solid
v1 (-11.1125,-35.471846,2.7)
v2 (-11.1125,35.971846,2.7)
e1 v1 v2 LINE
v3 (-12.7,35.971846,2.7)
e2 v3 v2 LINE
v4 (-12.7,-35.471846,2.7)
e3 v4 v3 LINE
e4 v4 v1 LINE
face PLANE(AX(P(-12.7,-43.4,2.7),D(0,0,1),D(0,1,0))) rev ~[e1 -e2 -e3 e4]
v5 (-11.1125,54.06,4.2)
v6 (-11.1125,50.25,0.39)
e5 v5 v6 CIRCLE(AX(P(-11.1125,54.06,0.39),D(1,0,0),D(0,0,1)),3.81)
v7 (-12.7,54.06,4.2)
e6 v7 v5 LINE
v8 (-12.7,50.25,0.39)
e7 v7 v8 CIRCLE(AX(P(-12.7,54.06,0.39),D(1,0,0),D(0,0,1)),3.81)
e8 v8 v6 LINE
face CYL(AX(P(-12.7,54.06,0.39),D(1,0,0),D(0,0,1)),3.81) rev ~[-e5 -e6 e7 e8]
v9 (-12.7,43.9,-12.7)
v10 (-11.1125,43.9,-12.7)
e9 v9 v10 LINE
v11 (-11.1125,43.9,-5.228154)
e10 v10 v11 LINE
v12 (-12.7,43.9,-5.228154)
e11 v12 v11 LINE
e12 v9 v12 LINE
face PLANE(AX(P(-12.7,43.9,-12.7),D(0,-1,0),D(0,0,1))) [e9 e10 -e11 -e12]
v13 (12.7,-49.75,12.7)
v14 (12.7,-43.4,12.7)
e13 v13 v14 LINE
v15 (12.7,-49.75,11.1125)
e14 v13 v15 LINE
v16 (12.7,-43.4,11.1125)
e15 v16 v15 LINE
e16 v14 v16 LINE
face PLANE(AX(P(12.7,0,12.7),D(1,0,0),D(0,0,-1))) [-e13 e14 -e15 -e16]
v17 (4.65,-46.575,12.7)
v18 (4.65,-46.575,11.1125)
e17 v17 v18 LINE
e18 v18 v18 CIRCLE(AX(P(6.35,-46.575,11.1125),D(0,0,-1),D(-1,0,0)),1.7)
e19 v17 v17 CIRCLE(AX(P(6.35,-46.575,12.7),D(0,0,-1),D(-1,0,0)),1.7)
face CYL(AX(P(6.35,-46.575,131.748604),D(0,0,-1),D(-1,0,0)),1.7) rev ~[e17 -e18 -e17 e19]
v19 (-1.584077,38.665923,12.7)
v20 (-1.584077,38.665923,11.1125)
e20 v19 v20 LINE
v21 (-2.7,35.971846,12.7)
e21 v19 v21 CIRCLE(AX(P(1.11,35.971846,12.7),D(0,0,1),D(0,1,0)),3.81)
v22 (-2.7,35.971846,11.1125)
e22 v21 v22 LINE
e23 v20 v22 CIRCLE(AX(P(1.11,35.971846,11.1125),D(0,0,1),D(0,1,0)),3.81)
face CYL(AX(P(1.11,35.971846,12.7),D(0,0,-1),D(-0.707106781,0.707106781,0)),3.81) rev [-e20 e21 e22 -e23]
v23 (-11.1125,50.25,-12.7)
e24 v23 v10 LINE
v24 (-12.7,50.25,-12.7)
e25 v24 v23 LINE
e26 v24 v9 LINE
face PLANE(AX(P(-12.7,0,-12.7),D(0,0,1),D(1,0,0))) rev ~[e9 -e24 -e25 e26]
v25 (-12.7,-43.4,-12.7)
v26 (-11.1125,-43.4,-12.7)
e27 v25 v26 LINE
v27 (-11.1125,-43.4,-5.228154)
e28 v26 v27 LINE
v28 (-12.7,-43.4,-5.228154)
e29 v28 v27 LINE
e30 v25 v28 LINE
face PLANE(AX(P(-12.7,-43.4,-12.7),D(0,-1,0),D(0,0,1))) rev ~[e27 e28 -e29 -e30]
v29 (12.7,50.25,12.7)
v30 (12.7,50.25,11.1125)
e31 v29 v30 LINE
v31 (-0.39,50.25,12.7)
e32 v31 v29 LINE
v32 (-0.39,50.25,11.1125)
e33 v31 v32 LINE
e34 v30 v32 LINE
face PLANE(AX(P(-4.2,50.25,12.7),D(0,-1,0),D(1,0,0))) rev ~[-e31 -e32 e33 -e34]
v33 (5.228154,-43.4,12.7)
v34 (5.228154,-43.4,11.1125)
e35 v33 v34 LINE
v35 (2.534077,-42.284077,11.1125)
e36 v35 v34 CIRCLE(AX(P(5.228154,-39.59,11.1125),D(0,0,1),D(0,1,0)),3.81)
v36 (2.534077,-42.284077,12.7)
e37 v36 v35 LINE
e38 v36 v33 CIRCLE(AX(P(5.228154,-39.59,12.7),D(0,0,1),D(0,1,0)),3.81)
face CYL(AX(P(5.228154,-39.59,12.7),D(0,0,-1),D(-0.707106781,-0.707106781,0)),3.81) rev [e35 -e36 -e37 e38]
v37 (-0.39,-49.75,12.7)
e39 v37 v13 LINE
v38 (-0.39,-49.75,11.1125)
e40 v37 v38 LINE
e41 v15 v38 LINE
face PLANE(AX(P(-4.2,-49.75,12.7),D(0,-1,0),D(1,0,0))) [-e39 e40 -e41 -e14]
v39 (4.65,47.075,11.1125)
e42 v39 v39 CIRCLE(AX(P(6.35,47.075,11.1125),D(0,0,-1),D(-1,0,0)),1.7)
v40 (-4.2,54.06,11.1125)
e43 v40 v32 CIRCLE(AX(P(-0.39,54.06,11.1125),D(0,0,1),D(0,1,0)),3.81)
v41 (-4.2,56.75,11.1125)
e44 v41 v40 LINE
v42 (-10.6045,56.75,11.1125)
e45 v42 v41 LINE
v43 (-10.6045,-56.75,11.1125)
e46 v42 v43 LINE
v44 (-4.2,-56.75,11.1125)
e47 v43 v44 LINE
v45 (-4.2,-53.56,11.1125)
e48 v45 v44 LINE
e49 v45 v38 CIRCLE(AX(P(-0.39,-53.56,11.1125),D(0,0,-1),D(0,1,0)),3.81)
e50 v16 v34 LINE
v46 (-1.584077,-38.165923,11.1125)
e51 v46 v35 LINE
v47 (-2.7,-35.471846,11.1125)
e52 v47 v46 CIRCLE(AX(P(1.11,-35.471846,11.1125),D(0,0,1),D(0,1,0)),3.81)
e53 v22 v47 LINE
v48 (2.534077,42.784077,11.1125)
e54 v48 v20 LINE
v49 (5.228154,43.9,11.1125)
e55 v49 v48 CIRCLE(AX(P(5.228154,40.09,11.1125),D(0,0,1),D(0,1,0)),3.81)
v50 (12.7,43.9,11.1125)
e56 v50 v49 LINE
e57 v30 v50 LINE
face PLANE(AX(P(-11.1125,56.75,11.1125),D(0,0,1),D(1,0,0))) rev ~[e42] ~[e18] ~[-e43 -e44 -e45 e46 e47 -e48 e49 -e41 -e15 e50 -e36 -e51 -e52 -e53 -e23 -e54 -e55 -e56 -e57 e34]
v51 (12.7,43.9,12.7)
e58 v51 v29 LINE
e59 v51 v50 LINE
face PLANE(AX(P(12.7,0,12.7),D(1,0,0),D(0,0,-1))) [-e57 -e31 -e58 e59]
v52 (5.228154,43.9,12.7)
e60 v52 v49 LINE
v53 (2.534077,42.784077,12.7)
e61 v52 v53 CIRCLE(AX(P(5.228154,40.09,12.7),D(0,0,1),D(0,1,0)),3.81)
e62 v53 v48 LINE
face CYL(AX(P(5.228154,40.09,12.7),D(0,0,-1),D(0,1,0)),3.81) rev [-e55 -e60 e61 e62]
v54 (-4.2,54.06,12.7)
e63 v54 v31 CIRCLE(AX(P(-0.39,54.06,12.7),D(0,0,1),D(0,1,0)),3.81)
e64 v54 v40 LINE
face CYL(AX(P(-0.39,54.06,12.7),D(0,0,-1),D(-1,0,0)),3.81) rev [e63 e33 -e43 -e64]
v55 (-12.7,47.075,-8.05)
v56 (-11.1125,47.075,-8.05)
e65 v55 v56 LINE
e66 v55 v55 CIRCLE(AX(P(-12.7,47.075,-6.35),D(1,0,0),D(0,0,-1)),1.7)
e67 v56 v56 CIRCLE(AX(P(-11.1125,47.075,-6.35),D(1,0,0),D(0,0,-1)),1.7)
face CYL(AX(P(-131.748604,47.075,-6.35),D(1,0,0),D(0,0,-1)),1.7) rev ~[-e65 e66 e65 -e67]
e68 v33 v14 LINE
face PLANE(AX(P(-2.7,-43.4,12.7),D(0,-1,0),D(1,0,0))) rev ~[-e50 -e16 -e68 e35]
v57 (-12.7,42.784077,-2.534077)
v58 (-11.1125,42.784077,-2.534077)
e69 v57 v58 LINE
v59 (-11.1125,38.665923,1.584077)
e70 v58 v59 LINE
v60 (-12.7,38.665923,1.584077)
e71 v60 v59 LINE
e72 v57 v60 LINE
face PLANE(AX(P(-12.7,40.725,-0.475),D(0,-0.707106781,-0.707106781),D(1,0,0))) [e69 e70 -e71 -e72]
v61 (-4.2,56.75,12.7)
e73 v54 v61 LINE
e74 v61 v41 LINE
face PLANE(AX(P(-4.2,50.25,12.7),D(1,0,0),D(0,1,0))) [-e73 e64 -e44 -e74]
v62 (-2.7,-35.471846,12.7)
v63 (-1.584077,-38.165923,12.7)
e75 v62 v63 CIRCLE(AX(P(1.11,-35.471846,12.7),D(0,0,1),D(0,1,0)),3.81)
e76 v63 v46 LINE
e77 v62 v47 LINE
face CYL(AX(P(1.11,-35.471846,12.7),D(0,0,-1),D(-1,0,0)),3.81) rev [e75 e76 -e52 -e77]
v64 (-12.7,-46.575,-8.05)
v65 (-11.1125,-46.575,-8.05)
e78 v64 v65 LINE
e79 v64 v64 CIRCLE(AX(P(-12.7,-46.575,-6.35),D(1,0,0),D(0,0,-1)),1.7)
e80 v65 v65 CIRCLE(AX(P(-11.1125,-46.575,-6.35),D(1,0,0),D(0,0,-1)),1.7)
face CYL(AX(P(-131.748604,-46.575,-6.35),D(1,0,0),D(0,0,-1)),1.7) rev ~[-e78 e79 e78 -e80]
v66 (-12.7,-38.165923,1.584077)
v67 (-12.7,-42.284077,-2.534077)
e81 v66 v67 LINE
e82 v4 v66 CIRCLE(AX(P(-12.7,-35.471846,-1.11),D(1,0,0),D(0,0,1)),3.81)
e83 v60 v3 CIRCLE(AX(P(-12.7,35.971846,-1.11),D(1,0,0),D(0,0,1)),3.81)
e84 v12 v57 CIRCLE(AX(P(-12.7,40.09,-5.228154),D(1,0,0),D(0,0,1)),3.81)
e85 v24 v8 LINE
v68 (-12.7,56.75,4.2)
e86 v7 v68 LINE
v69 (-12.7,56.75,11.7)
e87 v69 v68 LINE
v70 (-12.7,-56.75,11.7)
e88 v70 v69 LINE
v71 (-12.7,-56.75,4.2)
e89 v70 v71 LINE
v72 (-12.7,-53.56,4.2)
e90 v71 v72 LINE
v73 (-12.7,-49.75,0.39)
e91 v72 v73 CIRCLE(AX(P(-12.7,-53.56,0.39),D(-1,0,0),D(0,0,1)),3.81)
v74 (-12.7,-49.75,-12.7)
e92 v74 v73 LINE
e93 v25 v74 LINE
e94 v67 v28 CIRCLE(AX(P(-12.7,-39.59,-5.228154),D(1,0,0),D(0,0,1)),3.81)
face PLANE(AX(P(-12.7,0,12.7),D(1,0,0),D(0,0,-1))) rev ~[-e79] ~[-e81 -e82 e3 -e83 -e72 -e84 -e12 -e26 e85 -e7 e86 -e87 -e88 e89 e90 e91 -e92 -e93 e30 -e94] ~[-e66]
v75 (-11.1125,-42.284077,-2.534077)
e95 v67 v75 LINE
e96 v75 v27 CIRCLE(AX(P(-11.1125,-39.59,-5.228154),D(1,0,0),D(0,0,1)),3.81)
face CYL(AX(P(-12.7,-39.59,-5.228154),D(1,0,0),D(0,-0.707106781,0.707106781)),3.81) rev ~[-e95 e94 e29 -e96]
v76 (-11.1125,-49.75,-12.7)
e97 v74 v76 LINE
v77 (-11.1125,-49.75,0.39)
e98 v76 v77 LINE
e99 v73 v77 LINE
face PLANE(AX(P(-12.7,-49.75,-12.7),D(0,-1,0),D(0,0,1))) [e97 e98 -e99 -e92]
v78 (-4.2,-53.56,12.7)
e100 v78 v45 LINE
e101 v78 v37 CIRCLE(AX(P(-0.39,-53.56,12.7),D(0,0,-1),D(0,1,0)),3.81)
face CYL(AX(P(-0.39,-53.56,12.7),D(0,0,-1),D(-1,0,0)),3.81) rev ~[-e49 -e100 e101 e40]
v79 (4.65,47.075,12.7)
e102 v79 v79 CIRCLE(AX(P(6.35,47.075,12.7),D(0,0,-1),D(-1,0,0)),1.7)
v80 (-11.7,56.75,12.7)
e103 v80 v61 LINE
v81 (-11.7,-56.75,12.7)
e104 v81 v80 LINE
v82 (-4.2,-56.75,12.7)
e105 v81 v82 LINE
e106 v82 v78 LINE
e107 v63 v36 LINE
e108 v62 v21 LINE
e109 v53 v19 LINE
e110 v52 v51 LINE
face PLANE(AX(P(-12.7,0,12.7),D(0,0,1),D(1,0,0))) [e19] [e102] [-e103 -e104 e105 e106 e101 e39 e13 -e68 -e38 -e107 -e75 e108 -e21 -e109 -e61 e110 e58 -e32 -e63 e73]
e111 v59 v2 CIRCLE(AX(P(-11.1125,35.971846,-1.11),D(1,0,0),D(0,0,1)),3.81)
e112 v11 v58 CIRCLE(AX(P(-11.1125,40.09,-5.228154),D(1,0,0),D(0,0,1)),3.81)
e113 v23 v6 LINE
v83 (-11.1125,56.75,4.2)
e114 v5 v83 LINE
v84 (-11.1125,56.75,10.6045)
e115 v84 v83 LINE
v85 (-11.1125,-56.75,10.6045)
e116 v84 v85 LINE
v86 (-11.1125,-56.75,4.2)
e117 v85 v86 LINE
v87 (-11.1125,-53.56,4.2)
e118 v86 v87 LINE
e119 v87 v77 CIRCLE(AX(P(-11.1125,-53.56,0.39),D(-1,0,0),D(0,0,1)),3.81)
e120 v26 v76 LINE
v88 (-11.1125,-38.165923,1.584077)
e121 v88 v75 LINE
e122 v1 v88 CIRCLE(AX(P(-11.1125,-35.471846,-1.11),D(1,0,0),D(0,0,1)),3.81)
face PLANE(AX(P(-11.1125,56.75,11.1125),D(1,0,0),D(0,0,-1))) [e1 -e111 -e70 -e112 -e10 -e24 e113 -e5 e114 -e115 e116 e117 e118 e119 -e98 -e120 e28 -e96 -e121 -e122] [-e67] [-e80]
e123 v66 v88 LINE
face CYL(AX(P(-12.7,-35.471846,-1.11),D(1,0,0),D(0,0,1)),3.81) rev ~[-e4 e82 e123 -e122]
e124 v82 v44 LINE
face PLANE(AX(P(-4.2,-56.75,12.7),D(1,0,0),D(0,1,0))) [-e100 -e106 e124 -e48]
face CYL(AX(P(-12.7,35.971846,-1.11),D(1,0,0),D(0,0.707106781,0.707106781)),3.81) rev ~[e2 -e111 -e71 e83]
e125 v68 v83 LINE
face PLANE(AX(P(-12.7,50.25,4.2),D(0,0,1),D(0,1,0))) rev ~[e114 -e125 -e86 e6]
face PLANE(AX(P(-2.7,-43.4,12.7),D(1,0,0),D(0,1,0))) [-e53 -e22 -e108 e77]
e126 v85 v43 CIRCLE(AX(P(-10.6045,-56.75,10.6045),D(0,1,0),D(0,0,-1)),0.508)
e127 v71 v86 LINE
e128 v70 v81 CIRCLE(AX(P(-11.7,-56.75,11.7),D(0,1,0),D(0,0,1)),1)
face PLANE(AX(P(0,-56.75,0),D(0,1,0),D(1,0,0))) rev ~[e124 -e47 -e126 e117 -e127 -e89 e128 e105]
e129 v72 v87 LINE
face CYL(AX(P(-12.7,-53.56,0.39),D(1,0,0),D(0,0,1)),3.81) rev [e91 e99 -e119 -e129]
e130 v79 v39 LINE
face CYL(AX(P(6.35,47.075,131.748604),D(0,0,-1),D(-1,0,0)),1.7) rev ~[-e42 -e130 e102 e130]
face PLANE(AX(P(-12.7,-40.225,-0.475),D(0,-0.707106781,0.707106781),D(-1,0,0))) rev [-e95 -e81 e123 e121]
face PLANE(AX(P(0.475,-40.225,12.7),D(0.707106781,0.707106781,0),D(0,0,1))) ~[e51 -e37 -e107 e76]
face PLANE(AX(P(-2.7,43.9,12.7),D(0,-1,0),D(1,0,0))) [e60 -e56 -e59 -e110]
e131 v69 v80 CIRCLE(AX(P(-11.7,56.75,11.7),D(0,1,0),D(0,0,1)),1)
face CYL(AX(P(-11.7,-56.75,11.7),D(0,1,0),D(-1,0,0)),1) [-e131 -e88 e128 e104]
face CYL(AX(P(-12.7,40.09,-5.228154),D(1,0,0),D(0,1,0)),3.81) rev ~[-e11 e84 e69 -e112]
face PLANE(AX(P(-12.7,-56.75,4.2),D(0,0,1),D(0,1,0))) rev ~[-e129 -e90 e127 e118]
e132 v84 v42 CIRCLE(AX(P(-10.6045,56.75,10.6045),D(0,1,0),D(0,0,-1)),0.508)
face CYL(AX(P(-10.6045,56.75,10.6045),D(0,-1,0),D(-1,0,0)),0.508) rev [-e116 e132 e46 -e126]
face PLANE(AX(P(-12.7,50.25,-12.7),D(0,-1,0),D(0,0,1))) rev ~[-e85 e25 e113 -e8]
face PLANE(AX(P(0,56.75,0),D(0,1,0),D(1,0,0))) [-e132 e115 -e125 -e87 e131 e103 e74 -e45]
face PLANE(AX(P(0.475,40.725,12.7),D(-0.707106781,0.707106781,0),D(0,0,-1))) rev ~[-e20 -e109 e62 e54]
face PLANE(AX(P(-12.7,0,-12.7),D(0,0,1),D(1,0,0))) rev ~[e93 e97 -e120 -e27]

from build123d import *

# Parameters (mm, degrees)
SKETCH1_W            = 25.4
SKETCH1_H            = 25.4
BOSS_EXTRUDE1_DEPTH  = 56.75
SKETCH2_W            = 23.8125
SKETCH2_H            = 23.8125
CUT_EXTRUDE1_DEPTH   = 115.912270885
FILLET1_R            = 0.508
M3_CLEARANCE_HOLE1_D = 3.4
M3_CLEARANCE_HOLE2_D = 3.4
M3_CLEARANCE_HOLE3_D = 3.4
M3_CLEARANCE_HOLE4_D = 3.4
FILLET2_R            = 1
CUT_EXTRUDE2_REACH   = 65.459
SKETCH11_W           = 16.9
SKETCH11_H           = 6.499999954
SKETCH11_H_2         = 7
CUT_EXTRUDE3_REACH   = 65.459
SKETCH12_W           = 16.9
SKETCH12_H           = 6.5
SKETCH12_H_2         = 7
FILLET3_R            = 3.81
CUT_EXTRUDE4_REACH   = 65.459
SKETCH13_W           = 15.4
SKETCH13_H           = 87.3
CUT_EXTRUDE5_REACH   = 65.459
SKETCH14_W           = 15.4
SKETCH14_H           = 87.3
CHAMFER2_SIZE        = 6.35
FILLET5_R            = 3.81


with BuildPart() as part:
    # Sketch1 → Boss-Extrude1 (new, symmetric)
    with BuildSketch(Plane(origin=(0, 0, 0), x_dir=(1, 0, 0), z_dir=(0, 1, 0))):
        Rectangle(SKETCH1_W, SKETCH1_H)
    extrude(amount=BOSS_EXTRUDE1_DEPTH, both=True)

    # Sketch2 → Cut-Extrude1 (cut, through all)
    with BuildSketch(Plane(origin=(0, 56.75, 0), x_dir=(1, 0, 0), z_dir=(0, 1, 0))):
        with Locations((0.79375, 0.79375)):
            Rectangle(SKETCH2_W, SKETCH2_H)
    extrude(amount=-CUT_EXTRUDE1_DEPTH, mode=Mode.SUBTRACT)

    # Fillet1
    fillet1_edges = [part.edges().sort_by_distance(p)[0] for p in [
        (-11.1125, 0, 11.1125),
    ]]
    fillet(fillet1_edges, radius=FILLET1_R)

    # M3 Clearance Hole1 (through all)
    with Locations(Plane.XY.offset(12.7)):
        with Locations((6.35, 47.075)):
            Hole(M3_CLEARANCE_HOLE1_D / 2)

    # M3 Clearance Hole2 (through all)
    with Locations(Plane.ZY.offset(12.7)):
        with Locations((-6.35, 47.075)):
            Hole(M3_CLEARANCE_HOLE2_D / 2)

    # M3 Clearance Hole3 (through all)
    with Locations(Plane.XY.offset(12.7)):
        with Locations((6.35, -46.575)):
            Hole(M3_CLEARANCE_HOLE3_D / 2)

    # M3 Clearance Hole4 (through all)
    with Locations(Plane.ZY.offset(12.7)):
        with Locations((-6.35, -46.575)):
            Hole(M3_CLEARANCE_HOLE4_D / 2)

    # Fillet2
    fillet2_edges = [part.edges().sort_by_distance(p)[0] for p in [
        (-12.7, 0, 12.7),
    ]]
    fillet(fillet2_edges, radius=FILLET2_R)

    # Sketch11 → Cut-Extrude2 (cut, up to next)
    with BuildSketch(Plane.ZY.offset(12.7), mode=Mode.PRIVATE) as cut_extrude2_sk1:
        with Locations((-4.25, 53.500000023)):
            Rectangle(SKETCH11_W, SKETCH11_H)
    cut_extrude2_tool1 = extrude(cut_extrude2_sk1.sketch, amount=-CUT_EXTRUDE2_REACH, mode=Mode.PRIVATE) & part.part
    # Sketch11 → Cut-Extrude2 (cut, up to next)
    with BuildSketch(Plane.ZY.offset(12.7), mode=Mode.PRIVATE) as cut_extrude2_sk2:
        with Locations((-4.25, -53.25)):
            Rectangle(SKETCH11_W, SKETCH11_H_2)
    cut_extrude2_tool2 = extrude(cut_extrude2_sk2.sketch, amount=-CUT_EXTRUDE2_REACH, mode=Mode.PRIVATE) & part.part
    add(cut_extrude2_tool1.solids().sort_by_distance((-12.7, 53.5, -4.25))[0], mode=Mode.SUBTRACT)
    add(cut_extrude2_tool2.solids().sort_by_distance((-12.7, -53.25, -4.25))[0], mode=Mode.SUBTRACT)

    # Sketch12 → Cut-Extrude3 (cut, up to next)
    with BuildSketch(Plane.XY.offset(12.7), mode=Mode.PRIVATE) as cut_extrude3_sk1:
        with Locations((4.25, 53.5)):
            Rectangle(SKETCH12_W, SKETCH12_H)
    cut_extrude3_tool1 = extrude(cut_extrude3_sk1.sketch, amount=-CUT_EXTRUDE3_REACH, mode=Mode.PRIVATE) & part.part
    # Sketch12 → Cut-Extrude3 (cut, up to next)
    with BuildSketch(Plane.XY.offset(12.7), mode=Mode.PRIVATE) as cut_extrude3_sk2:
        with Locations((4.25, -53.25)):
            Rectangle(SKETCH12_W, SKETCH12_H_2)
    cut_extrude3_tool2 = extrude(cut_extrude3_sk2.sketch, amount=-CUT_EXTRUDE3_REACH, mode=Mode.PRIVATE) & part.part
    add(cut_extrude3_tool1.solids().sort_by_distance((4.25, 53.5, 12.7))[0], mode=Mode.SUBTRACT)
    add(cut_extrude3_tool2.solids().sort_by_distance((4.25, -53.25, 12.7))[0], mode=Mode.SUBTRACT)

    # Fillet3
    fillet3_edges = [part.edges().sort_by_distance(p)[0] for p in [
        (-4.2, 50.25, 11.90625),
        (-4.2, -49.75, 11.90625),
        (-11.90625, 50.250000046, 4.2),
        (-11.90625, -49.75, 4.2),
    ]]
    fillet(fillet3_edges, radius=FILLET3_R)

    # Sketch13 → Cut-Extrude4 (cut, up to next)
    with BuildSketch(Plane.ZY.offset(12.7), mode=Mode.PRIVATE) as cut_extrude4_sk1:
        with Locations((-5, 0.25)):
            Rectangle(SKETCH13_W, SKETCH13_H)
    cut_extrude4_tool1 = extrude(cut_extrude4_sk1.sketch, amount=-CUT_EXTRUDE4_REACH, mode=Mode.PRIVATE) & part.part
    add(cut_extrude4_tool1.solids().sort_by_distance((-12.7, 0.25, -5))[0], mode=Mode.SUBTRACT)

    # Sketch14 → Cut-Extrude5 (cut, up to next)
    with BuildSketch(Plane.XY.offset(12.7), mode=Mode.PRIVATE) as cut_extrude5_sk1:
        with Locations((5, 0.25)):
            Rectangle(SKETCH14_W, SKETCH14_H)
    cut_extrude5_tool1 = extrude(cut_extrude5_sk1.sketch, amount=-CUT_EXTRUDE5_REACH, mode=Mode.PRIVATE) & part.part
    add(cut_extrude5_tool1.solids().sort_by_distance((5, 0.25, 12.7))[0], mode=Mode.SUBTRACT)

    # Chamfer2
    chamfer2_edges = [part.edges().sort_by_distance(p)[0] for p in [
        (-11.90625, 43.9, 2.7),
        (-11.90625, -43.4, 2.7),
        (-2.7, -43.4, 11.90625),
        (-2.7, 43.9, 11.90625),
    ]]
    chamfer(chamfer2_edges, length=CHAMFER2_SIZE)

    # Fillet5
    fillet5_edges = [part.edges().sort_by_distance(p)[0] for p in [
        (-11.90625, 43.9, -3.65),
        (-11.90625, -37.05, 2.7),
        (-11.90625, 37.55, 2.7),
        (-2.7, -37.05, 11.90625),
        (-2.7, 37.55, 11.90625),
        (3.65, 43.9, 11.90625),
        (3.65, -43.4, 11.90625),
        (-11.90625, -43.4, -3.65),
    ]]
    fillet(fillet5_edges, radius=FILLET5_R)


solid = part.part
